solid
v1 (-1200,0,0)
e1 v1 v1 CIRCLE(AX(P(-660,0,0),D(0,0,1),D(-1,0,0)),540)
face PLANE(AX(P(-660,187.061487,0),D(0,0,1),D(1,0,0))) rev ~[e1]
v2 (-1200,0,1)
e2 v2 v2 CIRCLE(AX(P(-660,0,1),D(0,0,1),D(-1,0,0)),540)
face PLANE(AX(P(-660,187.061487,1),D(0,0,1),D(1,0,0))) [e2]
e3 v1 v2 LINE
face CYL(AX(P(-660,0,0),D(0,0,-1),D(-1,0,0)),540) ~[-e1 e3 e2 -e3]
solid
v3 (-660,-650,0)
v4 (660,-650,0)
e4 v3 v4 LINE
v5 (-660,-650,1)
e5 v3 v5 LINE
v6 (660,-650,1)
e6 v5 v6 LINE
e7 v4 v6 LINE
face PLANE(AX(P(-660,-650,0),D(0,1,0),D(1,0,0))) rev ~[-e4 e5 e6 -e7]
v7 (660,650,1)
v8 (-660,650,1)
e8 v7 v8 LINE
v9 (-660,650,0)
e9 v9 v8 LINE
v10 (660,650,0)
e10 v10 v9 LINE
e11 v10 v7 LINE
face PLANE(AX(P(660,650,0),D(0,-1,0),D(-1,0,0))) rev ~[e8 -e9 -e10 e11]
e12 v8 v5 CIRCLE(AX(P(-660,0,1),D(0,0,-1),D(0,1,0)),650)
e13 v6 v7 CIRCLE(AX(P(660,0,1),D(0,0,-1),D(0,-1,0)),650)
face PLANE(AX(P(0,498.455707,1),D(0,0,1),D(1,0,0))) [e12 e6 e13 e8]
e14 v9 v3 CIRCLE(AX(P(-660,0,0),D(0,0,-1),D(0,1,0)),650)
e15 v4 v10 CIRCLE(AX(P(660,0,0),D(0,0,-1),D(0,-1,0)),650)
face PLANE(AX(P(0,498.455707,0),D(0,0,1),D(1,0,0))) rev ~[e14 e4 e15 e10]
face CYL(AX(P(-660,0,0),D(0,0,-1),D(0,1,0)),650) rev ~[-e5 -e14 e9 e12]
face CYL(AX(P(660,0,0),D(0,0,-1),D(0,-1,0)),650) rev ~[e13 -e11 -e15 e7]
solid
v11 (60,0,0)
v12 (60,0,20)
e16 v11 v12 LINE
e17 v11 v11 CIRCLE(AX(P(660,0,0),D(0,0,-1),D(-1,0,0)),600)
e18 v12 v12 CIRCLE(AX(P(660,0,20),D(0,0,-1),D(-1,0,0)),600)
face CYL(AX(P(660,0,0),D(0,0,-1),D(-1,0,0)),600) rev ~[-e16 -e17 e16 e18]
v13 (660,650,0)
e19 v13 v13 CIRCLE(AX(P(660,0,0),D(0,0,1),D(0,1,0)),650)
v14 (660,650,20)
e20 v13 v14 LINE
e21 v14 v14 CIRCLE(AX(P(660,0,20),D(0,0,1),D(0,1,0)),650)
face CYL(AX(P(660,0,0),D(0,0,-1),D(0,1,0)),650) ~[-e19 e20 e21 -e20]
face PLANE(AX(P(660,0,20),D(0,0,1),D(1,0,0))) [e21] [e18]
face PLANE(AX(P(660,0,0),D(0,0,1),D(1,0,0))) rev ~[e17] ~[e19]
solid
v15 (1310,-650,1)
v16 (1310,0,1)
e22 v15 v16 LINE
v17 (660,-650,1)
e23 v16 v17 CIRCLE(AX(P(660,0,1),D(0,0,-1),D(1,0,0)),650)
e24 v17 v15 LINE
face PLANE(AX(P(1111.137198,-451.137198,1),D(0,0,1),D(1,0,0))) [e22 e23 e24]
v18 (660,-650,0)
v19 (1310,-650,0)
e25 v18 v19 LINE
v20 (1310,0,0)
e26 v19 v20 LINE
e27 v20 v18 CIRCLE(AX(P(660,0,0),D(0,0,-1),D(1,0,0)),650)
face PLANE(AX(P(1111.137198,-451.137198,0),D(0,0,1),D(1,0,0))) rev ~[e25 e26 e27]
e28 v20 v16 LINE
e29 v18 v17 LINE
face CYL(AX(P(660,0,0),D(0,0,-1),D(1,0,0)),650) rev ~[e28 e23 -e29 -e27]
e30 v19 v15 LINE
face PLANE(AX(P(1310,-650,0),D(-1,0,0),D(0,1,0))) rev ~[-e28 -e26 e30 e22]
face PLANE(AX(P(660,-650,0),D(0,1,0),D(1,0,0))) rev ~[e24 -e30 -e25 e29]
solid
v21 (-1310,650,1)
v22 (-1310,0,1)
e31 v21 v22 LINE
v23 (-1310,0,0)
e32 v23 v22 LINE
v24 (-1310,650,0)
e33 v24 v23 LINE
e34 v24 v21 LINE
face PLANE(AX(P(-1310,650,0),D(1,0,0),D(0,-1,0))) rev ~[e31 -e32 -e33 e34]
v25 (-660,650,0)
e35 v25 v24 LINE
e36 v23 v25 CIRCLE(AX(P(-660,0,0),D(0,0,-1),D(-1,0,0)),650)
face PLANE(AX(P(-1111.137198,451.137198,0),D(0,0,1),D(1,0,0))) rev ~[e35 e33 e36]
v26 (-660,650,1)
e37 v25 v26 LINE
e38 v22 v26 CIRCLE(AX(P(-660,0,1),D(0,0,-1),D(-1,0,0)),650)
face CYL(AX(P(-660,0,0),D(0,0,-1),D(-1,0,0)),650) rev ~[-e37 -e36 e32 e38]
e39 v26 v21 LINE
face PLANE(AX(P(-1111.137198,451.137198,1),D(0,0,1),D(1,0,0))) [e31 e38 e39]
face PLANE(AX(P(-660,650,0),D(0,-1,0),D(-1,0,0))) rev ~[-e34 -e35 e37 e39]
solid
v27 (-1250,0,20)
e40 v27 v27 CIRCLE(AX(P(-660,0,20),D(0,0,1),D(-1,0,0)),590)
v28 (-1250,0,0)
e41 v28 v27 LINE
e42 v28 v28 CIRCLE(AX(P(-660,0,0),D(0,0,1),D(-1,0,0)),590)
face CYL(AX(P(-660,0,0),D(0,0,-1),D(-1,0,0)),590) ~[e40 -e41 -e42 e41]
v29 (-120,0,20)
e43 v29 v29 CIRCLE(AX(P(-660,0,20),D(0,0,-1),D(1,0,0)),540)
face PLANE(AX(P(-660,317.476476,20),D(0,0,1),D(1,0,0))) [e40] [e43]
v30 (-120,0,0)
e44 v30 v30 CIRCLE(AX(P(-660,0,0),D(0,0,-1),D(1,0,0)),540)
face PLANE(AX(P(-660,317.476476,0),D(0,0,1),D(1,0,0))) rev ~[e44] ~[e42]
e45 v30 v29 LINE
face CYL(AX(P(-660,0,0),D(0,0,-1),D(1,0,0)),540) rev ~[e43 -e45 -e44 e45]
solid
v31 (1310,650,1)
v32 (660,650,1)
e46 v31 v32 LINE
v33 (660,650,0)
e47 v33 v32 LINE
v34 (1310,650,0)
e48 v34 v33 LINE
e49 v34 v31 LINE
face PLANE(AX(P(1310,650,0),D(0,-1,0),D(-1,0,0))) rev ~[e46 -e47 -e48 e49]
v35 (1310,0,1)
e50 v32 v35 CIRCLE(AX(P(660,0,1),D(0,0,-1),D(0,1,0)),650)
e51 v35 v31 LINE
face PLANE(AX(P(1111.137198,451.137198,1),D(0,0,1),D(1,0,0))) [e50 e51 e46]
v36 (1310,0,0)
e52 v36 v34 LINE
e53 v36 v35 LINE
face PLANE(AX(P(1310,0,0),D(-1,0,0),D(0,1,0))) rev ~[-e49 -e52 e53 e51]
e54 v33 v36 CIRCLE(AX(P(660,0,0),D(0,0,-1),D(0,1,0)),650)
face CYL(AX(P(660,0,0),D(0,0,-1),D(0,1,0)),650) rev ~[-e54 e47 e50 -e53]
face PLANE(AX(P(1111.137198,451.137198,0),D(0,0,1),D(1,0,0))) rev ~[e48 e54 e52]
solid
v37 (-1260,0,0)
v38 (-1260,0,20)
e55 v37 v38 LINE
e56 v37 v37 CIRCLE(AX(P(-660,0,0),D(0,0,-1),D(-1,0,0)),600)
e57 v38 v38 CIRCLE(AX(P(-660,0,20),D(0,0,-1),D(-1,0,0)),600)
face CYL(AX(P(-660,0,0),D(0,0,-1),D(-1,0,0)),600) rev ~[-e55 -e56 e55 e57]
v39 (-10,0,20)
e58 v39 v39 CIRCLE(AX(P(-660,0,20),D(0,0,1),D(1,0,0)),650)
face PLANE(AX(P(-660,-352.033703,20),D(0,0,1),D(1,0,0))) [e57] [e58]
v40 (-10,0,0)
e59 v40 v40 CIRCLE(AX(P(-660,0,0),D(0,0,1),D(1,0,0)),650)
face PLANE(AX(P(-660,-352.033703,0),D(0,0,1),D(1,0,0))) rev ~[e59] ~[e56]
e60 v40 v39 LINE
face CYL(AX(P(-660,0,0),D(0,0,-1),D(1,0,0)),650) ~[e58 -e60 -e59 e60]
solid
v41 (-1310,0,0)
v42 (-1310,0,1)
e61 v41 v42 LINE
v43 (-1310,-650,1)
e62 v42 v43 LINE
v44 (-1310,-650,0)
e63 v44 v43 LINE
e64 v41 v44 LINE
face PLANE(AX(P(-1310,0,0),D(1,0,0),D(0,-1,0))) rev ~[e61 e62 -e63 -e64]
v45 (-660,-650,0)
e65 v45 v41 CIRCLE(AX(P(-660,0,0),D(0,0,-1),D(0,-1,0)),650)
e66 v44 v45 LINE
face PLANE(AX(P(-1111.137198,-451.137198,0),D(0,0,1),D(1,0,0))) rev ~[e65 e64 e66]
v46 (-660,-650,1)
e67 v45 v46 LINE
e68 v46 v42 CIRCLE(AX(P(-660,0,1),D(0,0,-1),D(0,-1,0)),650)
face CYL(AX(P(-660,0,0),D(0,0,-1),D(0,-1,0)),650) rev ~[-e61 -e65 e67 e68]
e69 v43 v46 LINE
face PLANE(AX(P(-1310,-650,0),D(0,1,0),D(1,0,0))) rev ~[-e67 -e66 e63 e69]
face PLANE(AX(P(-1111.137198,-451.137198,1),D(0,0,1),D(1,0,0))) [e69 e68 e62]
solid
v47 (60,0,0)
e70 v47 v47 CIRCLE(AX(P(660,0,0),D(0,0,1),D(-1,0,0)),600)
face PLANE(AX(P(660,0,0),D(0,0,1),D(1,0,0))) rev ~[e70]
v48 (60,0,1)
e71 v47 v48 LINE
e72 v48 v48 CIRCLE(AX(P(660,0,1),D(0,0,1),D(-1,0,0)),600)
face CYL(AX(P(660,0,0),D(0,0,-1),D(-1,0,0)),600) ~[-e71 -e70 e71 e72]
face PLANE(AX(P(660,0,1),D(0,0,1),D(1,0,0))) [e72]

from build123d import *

# Parameters (mm, degrees)
F1_DEPTH = 20
F2_DEPTH = 20
F3_DEPTH = 1


with BuildPart() as f1:
    # F0 (on Top) → F1 (new body)
    with BuildSketch(Plane.XY):
        with BuildLine():
            ThreePointArc((-1310, 0), (-1119.6194077713, -459.6194077713), (-660, -650))
            ThreePointArc((-660, -650), (-200.3805922287, -459.6194077713), (-10, 0))
            Line((-10, 0), (-60, 0))
            ThreePointArc((-60, 0), (-660, -600), (-1260, 0))
            Line((-1260, 0), (-1310, 0))
        make_face()
        with BuildLine():
            ThreePointArc((-660, 650), (-1119.6194077713, 459.6194077713), (-1310, 0))
            Line((-1310, 0), (-1260, 0))
            ThreePointArc((-1260, 0), (-660, 600), (-60, 0))
            Line((-60, 0), (-10, 0))
            ThreePointArc((-10, 0), (-200.3805922287, 459.6194077713), (-660, 650))
        make_face()
    extrude(amount=F1_DEPTH)


with BuildPart() as f1b:
    # F0 (on Top) → F1, piece 2 (new body)
    with BuildSketch(Plane.XY):
        with BuildLine():
            ThreePointArc((10, 0), (200.3805922288, -459.6194077713), (660, -650))
            ThreePointArc((660, -650), (1119.6194077713, -459.6194077712), (1310, 0))
            ThreePointArc((1310, 0), (1119.6194077713, 459.6194077713), (660, 650))
            ThreePointArc((660, 650), (200.3805922287, 459.6194077713), (10, 0))
        make_face()
        with BuildLine():
            ThreePointArc((1260, 0), (660, -600), (60, 0))
            ThreePointArc((60, 0), (660, 600), (1260, 0))
        make_face(mode=Mode.SUBTRACT)
    extrude(amount=F1_DEPTH)


with BuildPart() as f2:
    # F0 (on Top) → F2 (new body)
    with BuildSketch(Plane.XY):
        with BuildLine():
            ThreePointArc((-70, 0), (-660, 590), (-1250, 0))
            Line((-1250, 0), (-1200, 0))
            ThreePointArc((-1200, 0), (-660, 540), (-120, 0))
            Line((-120, 0), (-70, 0))
        make_face()
        with BuildLine():
            Line((-1200, 0), (-1250, 0))
            ThreePointArc((-1250, 0), (-660, -590), (-70, 0))
            Line((-70, 0), (-120, 0))
            ThreePointArc((-120, 0), (-660, -540), (-1200, 0))
        make_face()
    extrude(amount=F2_DEPTH)


with BuildPart() as f3:
    # F0 (on Top) → F3 (new body)
    with BuildSketch(Plane.XY):
        with BuildLine():
            Line((-1310, 650), (-1310, 0))
            ThreePointArc((-1310, 0), (-1119.6194077713, 459.6194077713), (-660, 650))
            Line((-660, 650), (-1310, 650))
        make_face()
    extrude(amount=F3_DEPTH)


with BuildPart() as f3b:
    # F0 (on Top) → F3, piece 2 (new body)
    with BuildSketch(Plane.XY):
        with BuildLine():
            Line((-10, 0), (10, 0))
            ThreePointArc((10, 0), (200.3805922287, 459.6194077713), (660, 650))
            Line((660, 650), (-660, 650))
            ThreePointArc((-660, 650), (-200.3805922287, 459.6194077713), (-10, 0))
        make_face()
        with BuildLine():
            Line((-660, -650), (660, -650))
            ThreePointArc((660, -650), (200.3805922288, -459.6194077713), (10, 0))
            Line((10, 0), (-10, 0))
            ThreePointArc((-10, 0), (-200.3805922287, -459.6194077713), (-660, -650))
        make_face()
    extrude(amount=F3_DEPTH)


with BuildPart() as f3c:
    # F0 (on Top) → F3, piece 3 (new body)
    with BuildSketch(Plane.XY):
        with BuildLine():
            Line((-1310, -650), (-660, -650))
            ThreePointArc((-660, -650), (-1119.6194077713, -459.6194077713), (-1310, 0))
            Line((-1310, 0), (-1310, -650))
        make_face()
    extrude(amount=F3_DEPTH)


with BuildPart() as f3d:
    # F0 (on Top) → F3, piece 4 (new body)
    with BuildSketch(Plane.XY):
        with BuildLine():
            Line((660, -650), (1310, -650))
            Line((1310, -650), (1310, 0))
            ThreePointArc((1310, 0), (1119.6194077713, -459.6194077712), (660, -650))
        make_face()
    extrude(amount=F3_DEPTH)


with BuildPart() as f3e:
    # F0 (on Top) → F3, piece 5 (new body)
    with BuildSketch(Plane.XY):
        with BuildLine():
            ThreePointArc((660, 650), (1119.6194077713, 459.6194077713), (1310, 0))
            Line((1310, 0), (1310, 650))
            Line((1310, 650), (660, 650))
        make_face()
    extrude(amount=F3_DEPTH)


with BuildPart() as f3f:
    # F0 (on Top) → F3, piece 6 (new body)
    with BuildSketch(Plane.XY):
        with BuildLine():
            ThreePointArc((-120, 0), (-660, 540), (-1200, 0))
            Line((-1200, 0), (-660, 0))
            Line((-660, 0), (-120, 0))
        make_face()
        with BuildLine():
            Line((-660, 0), (-1200, 0))
            ThreePointArc((-1200, 0), (-660, -540), (-120, 0))
            Line((-120, 0), (-660, 0))
        make_face()
    extrude(amount=F3_DEPTH)


with BuildPart() as f3g:
    # F0 (on Top) → F3, piece 7 (new body)
    with BuildSketch(Plane.XY):
        with BuildLine():
            ThreePointArc((1260, 0), (660, 600), (60, 0))
            ThreePointArc((60, 0), (660, -600), (1260, 0))
        make_face()
    extrude(amount=F3_DEPTH)


solid = Compound([f1.part, f1b.part, f2.part, f3.part, f3b.part, f3c.part, f3d.part, f3e.part, f3f.part, f3g.part])
